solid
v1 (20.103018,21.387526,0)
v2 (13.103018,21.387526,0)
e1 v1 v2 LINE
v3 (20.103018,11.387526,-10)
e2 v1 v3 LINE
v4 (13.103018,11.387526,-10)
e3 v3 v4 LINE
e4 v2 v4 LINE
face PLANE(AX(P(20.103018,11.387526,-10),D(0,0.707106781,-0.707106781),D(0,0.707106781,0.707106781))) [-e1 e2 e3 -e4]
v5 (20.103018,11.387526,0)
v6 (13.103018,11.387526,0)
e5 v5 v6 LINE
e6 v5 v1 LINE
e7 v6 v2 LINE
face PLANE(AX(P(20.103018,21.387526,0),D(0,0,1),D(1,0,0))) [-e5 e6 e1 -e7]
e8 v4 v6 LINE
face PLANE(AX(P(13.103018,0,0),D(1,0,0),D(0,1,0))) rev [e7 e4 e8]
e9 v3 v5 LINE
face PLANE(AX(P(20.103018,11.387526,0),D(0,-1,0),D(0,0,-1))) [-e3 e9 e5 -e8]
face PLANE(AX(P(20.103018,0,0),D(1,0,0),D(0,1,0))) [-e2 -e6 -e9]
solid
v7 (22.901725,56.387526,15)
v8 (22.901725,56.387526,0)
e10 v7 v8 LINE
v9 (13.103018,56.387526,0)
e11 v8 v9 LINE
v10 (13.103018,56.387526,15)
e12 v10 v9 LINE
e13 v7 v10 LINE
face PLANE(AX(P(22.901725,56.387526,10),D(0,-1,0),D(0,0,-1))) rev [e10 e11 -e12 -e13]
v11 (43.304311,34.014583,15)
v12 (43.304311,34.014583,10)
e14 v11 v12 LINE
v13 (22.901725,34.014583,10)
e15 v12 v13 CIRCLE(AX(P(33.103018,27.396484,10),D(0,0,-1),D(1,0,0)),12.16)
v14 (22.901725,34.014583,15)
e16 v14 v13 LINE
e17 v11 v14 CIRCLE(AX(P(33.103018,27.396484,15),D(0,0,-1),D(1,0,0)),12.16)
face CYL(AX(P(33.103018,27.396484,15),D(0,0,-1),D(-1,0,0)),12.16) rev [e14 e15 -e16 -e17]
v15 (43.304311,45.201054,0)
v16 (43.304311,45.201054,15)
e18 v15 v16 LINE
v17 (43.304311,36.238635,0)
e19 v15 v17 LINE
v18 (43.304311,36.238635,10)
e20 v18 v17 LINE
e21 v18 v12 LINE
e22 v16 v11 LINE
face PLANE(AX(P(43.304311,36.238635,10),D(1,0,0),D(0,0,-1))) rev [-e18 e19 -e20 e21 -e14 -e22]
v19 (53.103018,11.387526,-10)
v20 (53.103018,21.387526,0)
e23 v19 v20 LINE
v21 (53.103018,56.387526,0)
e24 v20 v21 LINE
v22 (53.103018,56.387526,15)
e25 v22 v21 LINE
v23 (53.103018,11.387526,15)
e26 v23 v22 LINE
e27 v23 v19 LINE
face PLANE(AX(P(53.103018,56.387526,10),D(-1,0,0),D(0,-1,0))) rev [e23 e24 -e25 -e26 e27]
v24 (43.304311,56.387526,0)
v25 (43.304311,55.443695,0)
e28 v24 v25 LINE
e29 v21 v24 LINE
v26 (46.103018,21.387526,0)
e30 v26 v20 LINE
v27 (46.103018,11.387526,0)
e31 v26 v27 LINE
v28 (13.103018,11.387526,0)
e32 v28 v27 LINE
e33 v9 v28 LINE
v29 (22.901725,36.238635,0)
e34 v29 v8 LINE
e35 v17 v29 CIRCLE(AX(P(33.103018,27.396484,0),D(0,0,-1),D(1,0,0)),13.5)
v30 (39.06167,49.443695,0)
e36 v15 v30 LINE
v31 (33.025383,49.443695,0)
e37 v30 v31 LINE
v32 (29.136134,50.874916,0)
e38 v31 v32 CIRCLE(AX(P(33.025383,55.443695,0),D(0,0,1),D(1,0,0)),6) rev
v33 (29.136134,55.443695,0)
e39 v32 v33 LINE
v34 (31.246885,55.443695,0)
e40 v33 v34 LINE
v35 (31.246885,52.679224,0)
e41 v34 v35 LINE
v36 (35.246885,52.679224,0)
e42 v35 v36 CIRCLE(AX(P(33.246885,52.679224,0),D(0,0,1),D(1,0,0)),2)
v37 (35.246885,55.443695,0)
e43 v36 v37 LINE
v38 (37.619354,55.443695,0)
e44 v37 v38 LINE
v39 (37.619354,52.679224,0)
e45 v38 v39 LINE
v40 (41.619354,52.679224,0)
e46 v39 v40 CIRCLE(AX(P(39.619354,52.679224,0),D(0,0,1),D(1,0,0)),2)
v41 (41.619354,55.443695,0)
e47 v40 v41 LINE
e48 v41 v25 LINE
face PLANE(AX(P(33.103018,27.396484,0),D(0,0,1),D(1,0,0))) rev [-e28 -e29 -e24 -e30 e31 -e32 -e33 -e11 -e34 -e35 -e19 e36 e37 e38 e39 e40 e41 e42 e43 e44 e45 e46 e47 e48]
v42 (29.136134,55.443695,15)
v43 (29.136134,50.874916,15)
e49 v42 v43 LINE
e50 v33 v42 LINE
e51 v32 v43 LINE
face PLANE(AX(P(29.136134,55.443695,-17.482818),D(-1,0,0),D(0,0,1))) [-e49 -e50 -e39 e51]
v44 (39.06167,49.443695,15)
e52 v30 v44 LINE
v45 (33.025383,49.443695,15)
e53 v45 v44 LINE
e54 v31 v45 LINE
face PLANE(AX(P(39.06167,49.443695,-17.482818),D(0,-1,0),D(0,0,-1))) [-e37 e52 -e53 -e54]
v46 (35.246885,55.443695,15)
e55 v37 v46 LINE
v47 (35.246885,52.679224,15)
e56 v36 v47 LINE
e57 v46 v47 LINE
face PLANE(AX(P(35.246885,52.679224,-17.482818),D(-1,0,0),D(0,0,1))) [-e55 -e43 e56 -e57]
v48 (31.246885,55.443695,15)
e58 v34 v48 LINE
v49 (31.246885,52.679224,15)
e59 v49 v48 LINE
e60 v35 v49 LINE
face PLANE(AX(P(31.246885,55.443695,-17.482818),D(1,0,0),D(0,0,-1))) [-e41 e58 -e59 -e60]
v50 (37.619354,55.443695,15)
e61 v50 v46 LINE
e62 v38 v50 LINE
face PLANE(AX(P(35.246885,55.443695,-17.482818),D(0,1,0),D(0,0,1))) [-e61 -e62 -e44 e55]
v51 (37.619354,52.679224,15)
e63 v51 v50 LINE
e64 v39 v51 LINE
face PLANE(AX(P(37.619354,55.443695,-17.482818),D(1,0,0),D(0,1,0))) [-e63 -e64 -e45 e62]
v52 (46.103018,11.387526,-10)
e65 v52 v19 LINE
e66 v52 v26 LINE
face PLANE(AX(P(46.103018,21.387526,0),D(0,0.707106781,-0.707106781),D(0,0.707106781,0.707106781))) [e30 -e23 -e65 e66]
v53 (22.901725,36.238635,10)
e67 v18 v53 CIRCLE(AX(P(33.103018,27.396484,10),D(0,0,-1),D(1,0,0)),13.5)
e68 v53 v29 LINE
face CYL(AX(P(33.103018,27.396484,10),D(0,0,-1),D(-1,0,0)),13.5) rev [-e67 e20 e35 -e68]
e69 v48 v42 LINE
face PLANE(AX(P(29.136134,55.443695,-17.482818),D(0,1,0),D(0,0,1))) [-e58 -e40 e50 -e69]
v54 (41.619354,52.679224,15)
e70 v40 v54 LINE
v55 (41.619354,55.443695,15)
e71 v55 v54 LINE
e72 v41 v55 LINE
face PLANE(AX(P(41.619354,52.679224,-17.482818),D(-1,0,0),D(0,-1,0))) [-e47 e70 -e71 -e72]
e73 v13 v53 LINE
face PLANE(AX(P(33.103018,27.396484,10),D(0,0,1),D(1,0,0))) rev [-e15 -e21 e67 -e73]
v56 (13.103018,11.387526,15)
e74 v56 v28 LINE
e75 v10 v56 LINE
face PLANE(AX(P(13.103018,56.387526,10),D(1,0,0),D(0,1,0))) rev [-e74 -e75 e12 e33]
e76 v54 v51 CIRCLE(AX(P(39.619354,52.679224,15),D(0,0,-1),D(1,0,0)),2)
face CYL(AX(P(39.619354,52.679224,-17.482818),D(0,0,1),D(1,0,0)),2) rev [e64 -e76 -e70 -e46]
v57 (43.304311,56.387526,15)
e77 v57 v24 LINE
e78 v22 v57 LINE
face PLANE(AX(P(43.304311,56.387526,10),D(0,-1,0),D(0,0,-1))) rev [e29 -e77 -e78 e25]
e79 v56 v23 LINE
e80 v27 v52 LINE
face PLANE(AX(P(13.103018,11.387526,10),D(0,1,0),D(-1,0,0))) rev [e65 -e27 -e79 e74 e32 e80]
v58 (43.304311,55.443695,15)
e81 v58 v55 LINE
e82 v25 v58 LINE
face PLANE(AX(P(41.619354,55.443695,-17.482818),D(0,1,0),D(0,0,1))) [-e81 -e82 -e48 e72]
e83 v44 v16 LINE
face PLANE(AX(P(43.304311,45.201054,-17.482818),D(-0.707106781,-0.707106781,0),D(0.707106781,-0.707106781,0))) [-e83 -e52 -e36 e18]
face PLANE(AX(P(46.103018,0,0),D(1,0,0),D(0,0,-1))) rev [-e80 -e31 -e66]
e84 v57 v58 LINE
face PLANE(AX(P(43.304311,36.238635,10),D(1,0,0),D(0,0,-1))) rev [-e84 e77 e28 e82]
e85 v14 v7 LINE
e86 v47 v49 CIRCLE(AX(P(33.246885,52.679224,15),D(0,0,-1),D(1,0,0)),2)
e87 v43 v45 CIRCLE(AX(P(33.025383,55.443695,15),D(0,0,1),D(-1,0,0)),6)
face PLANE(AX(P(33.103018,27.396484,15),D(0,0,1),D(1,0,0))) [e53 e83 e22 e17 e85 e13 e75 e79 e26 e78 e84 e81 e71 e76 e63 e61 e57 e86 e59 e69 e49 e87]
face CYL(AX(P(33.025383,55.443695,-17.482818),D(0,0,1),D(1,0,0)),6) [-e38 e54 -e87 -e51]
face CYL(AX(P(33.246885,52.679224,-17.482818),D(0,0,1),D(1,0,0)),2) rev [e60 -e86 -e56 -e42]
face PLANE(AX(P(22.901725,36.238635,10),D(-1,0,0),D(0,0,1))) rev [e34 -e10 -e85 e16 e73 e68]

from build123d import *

# Parameters (mm, degrees)
EXTRUDE_1_DEPTH = 10
EXTRUDE_2_DEPTH = 5
EXTRUDE_3_DEPTH = 7
EXTRUDE_4_DEPTH = 7
EXTRUDE_5_DEPTH = 15


with BuildPart() as part:
    # 草图2 → 凸台-拉伸1 (new body)
    with BuildSketch(Plane.XY):
        with BuildLine():
            Line((13.103017853, 56.387526043), (13.103017853, 11.387526043))
            Line((13.103017853, 11.387526043), (53.103017853, 11.387526043))
            Line((53.103017853, 11.387526043), (53.103017853, 56.387526043))
            Line((53.103017853, 56.387526043), (43.304310597, 56.387526043))
            Line((43.304310597, 56.387526043), (43.304310597, 36.238634876))
            ThreePointArc((43.304310597, 36.238634876), (33.103017853, 13.896484325), (22.901725109, 36.238634876))
            Line((22.901725109, 36.238634876), (22.901725109, 56.387526043))
            Line((22.901725109, 56.387526043), (13.103017853, 56.387526043))
        make_face()
    extrude(amount=EXTRUDE_1_DEPTH)

    # 草图3 → 凸台-拉伸2 (add)
    with BuildSketch(Plane.XY.offset(10)):
        with BuildLine():
            Line((13.103017853, 56.387526043), (22.901725109, 56.387526043))
            Line((22.901725109, 56.387526043), (22.901725109, 34.014582719))
            ThreePointArc((22.901725109, 34.014582719), (33.103017853, 15.236484325), (43.304310597, 34.014582719))
            Line((43.304310597, 34.014582719), (43.304310597, 56.387526043))
            Line((43.304310597, 56.387526043), (53.103017853, 56.387526043))
            Line((53.103017853, 56.387526043), (53.103017853, 11.387526043))
            Line((53.103017853, 11.387526043), (13.103017853, 11.387526043))
            Line((13.103017853, 11.387526043), (13.103017853, 56.387526043))
        make_face()
    extrude(amount=EXTRUDE_2_DEPTH)

    # 草图4 → 凸台-拉伸3 (add)
    with BuildSketch(Plane(origin=(53.103017853, 0, 0), x_dir=(0, 0, -1), z_dir=(1, 0, 0))):
        Polygon((0, 21.387526043), (10, 11.387526043), (0, 11.387526043), align=None)
    extrude(amount=-EXTRUDE_3_DEPTH)

    # 草图6 → 凸台-拉伸5 (add)
    with BuildSketch(Plane.XY.offset(15)):
        with BuildLine():
            Line((43.304310597, 45.201054381), (39.06166991, 49.443695069))
            Line((39.06166991, 49.443695069), (33.025383011, 49.443695069))
            ThreePointArc((33.025383011, 49.443695069), (30.953267542, 49.812856989), (29.136134115, 50.874915908))
            Line((29.136134115, 50.874915908), (29.136134115, 55.443695069))
            Line((29.136134115, 55.443695069), (31.246885218, 55.443695069))
            Line((31.246885218, 55.443695069), (31.246885218, 52.67922364))
            ThreePointArc((31.246885218, 52.67922364), (33.246885218, 50.67922364), (35.246885218, 52.67922364))
            Line((35.246885218, 52.67922364), (35.246885218, 55.443695069))
            Line((35.246885218, 55.443695069), (37.619354406, 55.443695069))
            Line((37.619354406, 55.443695069), (37.619354406, 52.67922364))
            ThreePointArc((37.619354406, 52.67922364), (39.619354406, 50.67922364), (41.619354406, 52.67922364))
            Line((41.619354406, 52.67922364), (41.619354406, 55.443695069))
            Line((41.619354406, 55.443695069), (43.304310597, 55.443695069))
            Line((43.304310597, 55.443695069), (43.304310597, 45.201054381))
        make_face()
    extrude(amount=-EXTRUDE_5_DEPTH)


with BuildPart() as body_2:
    # 草图5 → 凸台-拉伸4 (new body)
    with BuildSketch(Plane.ZY.offset(-13.103017853)):
        Polygon((0, 11.387526043), (-10, 11.387526043), (0, 21.387526043), align=None)
    extrude(amount=-EXTRUDE_4_DEPTH)


solid = Compound([part.part, body_2.part])
